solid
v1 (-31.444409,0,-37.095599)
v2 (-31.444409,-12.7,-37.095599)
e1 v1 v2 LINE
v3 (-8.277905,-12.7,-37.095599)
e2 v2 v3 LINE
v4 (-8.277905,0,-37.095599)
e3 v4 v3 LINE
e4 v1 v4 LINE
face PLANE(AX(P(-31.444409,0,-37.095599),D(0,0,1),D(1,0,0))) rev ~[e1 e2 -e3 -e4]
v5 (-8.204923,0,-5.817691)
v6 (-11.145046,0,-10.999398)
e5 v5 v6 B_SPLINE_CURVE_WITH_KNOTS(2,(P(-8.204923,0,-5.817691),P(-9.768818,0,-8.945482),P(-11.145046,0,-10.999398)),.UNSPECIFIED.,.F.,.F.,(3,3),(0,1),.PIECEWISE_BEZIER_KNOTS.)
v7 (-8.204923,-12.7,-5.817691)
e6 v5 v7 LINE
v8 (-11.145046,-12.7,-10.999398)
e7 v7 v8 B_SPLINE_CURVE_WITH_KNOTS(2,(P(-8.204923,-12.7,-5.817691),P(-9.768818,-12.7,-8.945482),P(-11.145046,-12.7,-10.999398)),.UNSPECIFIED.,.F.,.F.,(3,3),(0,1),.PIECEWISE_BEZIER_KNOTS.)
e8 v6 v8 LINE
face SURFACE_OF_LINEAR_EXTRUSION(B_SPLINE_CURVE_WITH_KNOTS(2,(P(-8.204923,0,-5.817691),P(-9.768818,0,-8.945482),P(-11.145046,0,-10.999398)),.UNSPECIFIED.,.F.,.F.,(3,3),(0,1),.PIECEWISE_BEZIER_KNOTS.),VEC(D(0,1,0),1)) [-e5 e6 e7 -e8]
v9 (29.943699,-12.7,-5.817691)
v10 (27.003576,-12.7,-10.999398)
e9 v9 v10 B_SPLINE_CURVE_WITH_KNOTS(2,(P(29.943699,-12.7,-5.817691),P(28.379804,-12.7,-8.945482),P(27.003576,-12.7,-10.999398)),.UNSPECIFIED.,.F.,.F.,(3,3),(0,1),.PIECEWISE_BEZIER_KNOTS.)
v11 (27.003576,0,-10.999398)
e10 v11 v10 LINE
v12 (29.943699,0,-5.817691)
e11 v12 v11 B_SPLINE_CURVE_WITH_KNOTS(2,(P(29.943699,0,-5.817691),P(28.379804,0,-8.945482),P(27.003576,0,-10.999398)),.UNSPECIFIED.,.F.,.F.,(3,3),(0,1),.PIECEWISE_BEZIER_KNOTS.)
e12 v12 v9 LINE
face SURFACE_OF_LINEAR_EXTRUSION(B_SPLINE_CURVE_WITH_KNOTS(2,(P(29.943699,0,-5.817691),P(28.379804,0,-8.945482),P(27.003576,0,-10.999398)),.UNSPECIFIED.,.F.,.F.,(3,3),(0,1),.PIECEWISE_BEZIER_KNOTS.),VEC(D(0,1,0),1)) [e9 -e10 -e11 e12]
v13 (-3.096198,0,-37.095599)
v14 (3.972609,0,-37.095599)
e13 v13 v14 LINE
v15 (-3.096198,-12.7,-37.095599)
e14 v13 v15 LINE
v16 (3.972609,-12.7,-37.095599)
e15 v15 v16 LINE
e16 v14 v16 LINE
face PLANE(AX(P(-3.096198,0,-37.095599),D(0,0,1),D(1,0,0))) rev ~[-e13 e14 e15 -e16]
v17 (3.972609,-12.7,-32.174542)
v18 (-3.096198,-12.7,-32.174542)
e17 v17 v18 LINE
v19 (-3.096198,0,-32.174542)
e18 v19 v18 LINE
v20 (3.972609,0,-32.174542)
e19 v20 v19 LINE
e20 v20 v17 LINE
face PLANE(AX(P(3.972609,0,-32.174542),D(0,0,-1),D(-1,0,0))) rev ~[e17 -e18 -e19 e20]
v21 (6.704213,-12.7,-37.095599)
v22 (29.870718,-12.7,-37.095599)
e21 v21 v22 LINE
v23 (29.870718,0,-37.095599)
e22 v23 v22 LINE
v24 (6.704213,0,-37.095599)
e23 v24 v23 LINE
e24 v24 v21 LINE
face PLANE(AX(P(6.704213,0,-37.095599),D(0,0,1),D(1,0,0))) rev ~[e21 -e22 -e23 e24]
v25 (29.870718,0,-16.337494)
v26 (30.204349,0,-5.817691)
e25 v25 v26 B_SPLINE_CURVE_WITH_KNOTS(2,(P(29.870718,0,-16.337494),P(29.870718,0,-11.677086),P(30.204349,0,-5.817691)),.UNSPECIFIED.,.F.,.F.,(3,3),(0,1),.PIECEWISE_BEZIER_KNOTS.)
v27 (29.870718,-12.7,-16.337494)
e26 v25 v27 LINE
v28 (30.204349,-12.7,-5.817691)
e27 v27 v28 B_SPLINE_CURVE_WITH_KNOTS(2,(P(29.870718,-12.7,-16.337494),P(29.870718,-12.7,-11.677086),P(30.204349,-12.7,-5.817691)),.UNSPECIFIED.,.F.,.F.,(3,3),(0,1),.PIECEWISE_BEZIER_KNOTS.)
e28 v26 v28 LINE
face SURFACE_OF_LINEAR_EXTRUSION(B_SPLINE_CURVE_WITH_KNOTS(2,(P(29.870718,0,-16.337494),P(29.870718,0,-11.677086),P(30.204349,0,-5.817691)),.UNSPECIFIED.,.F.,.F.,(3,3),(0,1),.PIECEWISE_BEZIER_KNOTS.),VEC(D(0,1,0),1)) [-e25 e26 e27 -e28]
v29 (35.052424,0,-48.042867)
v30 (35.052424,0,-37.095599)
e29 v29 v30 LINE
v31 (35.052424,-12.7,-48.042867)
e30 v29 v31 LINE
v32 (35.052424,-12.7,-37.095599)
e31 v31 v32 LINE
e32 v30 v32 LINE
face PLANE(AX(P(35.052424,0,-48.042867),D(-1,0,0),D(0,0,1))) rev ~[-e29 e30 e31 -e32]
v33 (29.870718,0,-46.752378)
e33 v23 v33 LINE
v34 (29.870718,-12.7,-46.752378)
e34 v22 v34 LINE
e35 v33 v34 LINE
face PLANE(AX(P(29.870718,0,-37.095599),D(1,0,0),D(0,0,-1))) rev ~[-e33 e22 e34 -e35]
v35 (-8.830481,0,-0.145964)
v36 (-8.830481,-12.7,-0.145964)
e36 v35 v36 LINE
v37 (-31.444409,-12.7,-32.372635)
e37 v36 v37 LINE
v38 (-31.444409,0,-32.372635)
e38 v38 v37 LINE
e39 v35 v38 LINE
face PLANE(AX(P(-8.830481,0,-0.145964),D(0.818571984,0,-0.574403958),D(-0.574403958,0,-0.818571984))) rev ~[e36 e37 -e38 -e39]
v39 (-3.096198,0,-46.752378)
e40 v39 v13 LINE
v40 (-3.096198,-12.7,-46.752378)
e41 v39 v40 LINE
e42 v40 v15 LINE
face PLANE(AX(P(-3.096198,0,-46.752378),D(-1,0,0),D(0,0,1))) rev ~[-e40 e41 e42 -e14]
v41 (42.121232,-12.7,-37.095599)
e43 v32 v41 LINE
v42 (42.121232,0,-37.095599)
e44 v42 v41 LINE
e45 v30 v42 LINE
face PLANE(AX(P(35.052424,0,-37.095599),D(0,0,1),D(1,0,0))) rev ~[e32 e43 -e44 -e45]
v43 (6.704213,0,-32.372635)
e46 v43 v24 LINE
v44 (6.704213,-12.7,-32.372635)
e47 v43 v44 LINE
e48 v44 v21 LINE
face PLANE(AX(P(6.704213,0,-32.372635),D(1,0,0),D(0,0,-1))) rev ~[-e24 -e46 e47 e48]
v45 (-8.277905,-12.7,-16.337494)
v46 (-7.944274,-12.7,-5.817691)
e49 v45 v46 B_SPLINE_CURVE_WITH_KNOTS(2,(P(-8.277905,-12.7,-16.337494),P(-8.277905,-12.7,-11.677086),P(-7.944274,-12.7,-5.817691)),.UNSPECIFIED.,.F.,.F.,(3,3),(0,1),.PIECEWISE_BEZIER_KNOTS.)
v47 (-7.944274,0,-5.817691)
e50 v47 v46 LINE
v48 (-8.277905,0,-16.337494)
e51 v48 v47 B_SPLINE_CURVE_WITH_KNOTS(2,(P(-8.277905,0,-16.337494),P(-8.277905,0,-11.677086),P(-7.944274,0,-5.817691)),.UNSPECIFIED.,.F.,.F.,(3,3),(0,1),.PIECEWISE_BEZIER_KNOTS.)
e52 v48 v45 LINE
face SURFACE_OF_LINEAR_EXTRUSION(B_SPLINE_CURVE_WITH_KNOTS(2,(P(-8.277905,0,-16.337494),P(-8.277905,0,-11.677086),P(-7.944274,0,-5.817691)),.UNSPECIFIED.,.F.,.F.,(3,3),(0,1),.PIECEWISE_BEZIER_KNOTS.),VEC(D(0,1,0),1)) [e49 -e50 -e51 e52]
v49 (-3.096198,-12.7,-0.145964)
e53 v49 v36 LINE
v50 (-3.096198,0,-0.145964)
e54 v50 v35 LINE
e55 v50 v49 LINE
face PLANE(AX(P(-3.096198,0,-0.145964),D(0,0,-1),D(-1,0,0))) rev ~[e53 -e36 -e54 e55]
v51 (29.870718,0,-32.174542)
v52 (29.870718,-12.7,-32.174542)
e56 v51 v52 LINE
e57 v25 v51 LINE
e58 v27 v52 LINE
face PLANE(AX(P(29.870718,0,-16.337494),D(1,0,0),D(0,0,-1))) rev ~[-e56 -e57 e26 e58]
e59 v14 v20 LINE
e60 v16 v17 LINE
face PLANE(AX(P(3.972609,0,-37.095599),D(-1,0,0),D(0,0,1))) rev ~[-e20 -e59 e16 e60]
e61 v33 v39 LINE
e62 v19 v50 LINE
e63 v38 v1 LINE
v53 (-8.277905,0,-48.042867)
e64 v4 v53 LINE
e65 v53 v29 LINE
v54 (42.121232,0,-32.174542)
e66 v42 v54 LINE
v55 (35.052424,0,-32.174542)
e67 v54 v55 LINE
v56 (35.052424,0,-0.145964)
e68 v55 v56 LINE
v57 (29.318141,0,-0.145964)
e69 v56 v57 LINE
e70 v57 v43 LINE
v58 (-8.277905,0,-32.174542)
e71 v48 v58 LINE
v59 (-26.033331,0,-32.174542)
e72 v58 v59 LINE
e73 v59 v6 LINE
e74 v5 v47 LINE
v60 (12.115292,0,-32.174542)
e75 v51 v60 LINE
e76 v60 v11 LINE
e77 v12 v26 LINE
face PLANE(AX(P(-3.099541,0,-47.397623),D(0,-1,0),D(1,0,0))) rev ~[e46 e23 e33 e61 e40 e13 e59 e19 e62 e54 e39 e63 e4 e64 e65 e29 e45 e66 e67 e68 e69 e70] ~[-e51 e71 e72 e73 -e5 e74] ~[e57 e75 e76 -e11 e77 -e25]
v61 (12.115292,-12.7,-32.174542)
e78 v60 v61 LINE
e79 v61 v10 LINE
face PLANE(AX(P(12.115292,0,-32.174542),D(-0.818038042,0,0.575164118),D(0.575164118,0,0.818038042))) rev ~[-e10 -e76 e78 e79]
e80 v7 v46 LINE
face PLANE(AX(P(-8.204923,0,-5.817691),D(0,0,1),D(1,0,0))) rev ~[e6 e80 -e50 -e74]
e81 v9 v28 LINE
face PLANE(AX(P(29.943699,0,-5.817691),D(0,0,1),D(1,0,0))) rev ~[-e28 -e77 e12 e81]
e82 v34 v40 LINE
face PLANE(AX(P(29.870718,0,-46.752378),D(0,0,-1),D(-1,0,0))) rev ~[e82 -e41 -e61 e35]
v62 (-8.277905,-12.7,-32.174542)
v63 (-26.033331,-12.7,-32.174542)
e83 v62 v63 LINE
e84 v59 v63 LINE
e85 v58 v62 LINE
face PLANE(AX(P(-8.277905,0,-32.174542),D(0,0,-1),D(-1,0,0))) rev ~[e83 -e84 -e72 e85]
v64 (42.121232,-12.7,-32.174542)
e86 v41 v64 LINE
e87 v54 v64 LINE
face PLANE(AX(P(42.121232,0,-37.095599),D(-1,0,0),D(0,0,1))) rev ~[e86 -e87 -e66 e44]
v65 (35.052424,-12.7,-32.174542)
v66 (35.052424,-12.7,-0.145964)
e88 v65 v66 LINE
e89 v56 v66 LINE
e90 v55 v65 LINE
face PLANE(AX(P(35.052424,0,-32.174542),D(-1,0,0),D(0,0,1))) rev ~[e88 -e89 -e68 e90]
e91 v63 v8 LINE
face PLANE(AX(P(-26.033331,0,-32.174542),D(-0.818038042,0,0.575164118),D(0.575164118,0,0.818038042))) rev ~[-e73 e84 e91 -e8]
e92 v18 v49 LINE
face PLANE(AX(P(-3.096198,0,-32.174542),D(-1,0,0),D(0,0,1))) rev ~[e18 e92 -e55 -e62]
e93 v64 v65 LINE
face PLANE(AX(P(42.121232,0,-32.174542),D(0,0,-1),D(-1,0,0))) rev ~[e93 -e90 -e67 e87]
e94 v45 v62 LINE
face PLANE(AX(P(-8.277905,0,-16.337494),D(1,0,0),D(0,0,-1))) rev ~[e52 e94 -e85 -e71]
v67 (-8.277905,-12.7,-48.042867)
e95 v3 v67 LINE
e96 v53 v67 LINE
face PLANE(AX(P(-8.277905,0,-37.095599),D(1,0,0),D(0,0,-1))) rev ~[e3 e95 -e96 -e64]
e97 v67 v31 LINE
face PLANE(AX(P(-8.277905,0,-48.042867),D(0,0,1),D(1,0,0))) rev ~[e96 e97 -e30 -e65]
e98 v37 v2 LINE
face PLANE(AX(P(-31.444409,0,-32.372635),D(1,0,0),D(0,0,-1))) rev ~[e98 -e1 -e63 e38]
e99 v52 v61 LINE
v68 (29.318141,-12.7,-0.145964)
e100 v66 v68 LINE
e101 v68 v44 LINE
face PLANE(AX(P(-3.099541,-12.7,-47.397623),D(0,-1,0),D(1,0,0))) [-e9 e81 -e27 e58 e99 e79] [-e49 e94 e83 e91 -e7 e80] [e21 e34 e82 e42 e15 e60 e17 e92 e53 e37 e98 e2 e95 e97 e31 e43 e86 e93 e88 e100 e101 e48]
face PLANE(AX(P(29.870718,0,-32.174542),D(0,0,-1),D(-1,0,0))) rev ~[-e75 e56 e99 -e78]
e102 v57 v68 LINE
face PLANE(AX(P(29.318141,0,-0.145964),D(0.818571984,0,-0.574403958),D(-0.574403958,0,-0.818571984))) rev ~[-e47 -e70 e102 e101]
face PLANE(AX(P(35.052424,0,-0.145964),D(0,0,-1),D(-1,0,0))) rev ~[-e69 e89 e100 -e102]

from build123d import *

# Parameters (mm, degrees)
F0_W     = 0.0066861176
F0_H     = 1.2904889882
F0_W_2   = 32.9669154744
F0_W_3   = 0.0352981806
F1_DEPTH = 12.7


with BuildPart() as f1:
    # F0 (on Front) → F1 (new body)
    with BuildSketch(Plane.XZ):
        with Locations((-3.0995408706, -47.3976228386)):
            Rectangle(F0_W, F0_H)
        Polygon((-8.27790464, -48.0428673327), (-3.1028839294, -48.0428673327), (-3.1028839294, -46.7523783445), (-3.0961978118, -46.7523783445), (-3.0961978118, -37.0955993858), (3.972609491, -37.0955993858), (3.972609491, -32.1745417944), (-3.0961978118, -32.1745417944), (-3.0961978118, -0.1459635726), (-8.8304810221, -0.1459635726), (-31.4444088096, -32.3726352144), (-31.4444088096, -37.0955993858), (-8.27790464, -37.0955993858), align=None)
        with BuildLine():
            Line((-8.27790464, -16.3374941646), (-8.27790464, -32.1745417944))
            Line((-8.27790464, -32.1745417944), (-26.033330653, -32.1745417944))
            Line((-26.033330653, -32.1745417944), (-11.1450462452, -10.9993977943))
            add(Edge.make_bspline(
                [(-8.2049228537, -5.8176909661), (-9.7688182747, -8.945481808), (-11.1450462452, -10.9993977943)],
                knots=[0, 0, 0, 1, 1, 1], degree=2))
            Line((-8.2049228537, -5.8176909661), (-7.9442736169, -5.8176909661))
            add(Edge.make_bspline(
                [(-8.27790464, -16.3374941646), (-8.27790464, -11.67708581), (-7.9442736169, -5.8176909661)],
                knots=[0, 0, 0, 1, 1, 1], degree=2))
        make_face(mode=Mode.SUBTRACT)
        with Locations((13.3872599254, -47.3976228386)):
            Rectangle(F0_W_2, F0_H)
        with Locations((29.8883667529, -47.3976228386)):
            Rectangle(F0_W_3, F0_H)
        Polygon((29.9060158432, -46.7523783445), (29.9060158432, -48.0428673327), (35.0524244908, -48.0428673327), (35.0524244908, -37.0955993858), (42.1212317936, -37.0955993858), (42.1212317936, -32.1745417944), (35.0524244908, -32.1745417944), (35.0524244908, -0.1459635726), (29.3181412805, -0.1459635726), (6.704213493, -32.3726352144), (6.704213493, -37.0955993858), (29.8707176626, -37.0955993858), (29.8707176626, -46.7523783445), align=None)
        with BuildLine():
            Line((29.8707176626, -16.3374941646), (29.8707176626, -32.1745417944))
            Line((29.8707176626, -32.1745417944), (12.1152916496, -32.1745417944))
            Line((12.1152916496, -32.1745417944), (27.0035760574, -10.9993977943))
            add(Edge.make_bspline(
                [(29.9436994489, -5.8176909661), (28.3798040279, -8.945481808), (27.0035760574, -10.9993977943)],
                knots=[0, 0, 0, 1, 1, 1], degree=2))
            Line((29.9436994489, -5.8176909661), (30.2043486857, -5.8176909661))
            add(Edge.make_bspline(
                [(29.8707176626, -16.3374941646), (29.8707176626, -11.67708581), (30.2043486857, -5.8176909661)],
                knots=[0, 0, 0, 1, 1, 1], degree=2))
        make_face(mode=Mode.SUBTRACT)
    extrude(amount=F1_DEPTH)


solid = f1.part
